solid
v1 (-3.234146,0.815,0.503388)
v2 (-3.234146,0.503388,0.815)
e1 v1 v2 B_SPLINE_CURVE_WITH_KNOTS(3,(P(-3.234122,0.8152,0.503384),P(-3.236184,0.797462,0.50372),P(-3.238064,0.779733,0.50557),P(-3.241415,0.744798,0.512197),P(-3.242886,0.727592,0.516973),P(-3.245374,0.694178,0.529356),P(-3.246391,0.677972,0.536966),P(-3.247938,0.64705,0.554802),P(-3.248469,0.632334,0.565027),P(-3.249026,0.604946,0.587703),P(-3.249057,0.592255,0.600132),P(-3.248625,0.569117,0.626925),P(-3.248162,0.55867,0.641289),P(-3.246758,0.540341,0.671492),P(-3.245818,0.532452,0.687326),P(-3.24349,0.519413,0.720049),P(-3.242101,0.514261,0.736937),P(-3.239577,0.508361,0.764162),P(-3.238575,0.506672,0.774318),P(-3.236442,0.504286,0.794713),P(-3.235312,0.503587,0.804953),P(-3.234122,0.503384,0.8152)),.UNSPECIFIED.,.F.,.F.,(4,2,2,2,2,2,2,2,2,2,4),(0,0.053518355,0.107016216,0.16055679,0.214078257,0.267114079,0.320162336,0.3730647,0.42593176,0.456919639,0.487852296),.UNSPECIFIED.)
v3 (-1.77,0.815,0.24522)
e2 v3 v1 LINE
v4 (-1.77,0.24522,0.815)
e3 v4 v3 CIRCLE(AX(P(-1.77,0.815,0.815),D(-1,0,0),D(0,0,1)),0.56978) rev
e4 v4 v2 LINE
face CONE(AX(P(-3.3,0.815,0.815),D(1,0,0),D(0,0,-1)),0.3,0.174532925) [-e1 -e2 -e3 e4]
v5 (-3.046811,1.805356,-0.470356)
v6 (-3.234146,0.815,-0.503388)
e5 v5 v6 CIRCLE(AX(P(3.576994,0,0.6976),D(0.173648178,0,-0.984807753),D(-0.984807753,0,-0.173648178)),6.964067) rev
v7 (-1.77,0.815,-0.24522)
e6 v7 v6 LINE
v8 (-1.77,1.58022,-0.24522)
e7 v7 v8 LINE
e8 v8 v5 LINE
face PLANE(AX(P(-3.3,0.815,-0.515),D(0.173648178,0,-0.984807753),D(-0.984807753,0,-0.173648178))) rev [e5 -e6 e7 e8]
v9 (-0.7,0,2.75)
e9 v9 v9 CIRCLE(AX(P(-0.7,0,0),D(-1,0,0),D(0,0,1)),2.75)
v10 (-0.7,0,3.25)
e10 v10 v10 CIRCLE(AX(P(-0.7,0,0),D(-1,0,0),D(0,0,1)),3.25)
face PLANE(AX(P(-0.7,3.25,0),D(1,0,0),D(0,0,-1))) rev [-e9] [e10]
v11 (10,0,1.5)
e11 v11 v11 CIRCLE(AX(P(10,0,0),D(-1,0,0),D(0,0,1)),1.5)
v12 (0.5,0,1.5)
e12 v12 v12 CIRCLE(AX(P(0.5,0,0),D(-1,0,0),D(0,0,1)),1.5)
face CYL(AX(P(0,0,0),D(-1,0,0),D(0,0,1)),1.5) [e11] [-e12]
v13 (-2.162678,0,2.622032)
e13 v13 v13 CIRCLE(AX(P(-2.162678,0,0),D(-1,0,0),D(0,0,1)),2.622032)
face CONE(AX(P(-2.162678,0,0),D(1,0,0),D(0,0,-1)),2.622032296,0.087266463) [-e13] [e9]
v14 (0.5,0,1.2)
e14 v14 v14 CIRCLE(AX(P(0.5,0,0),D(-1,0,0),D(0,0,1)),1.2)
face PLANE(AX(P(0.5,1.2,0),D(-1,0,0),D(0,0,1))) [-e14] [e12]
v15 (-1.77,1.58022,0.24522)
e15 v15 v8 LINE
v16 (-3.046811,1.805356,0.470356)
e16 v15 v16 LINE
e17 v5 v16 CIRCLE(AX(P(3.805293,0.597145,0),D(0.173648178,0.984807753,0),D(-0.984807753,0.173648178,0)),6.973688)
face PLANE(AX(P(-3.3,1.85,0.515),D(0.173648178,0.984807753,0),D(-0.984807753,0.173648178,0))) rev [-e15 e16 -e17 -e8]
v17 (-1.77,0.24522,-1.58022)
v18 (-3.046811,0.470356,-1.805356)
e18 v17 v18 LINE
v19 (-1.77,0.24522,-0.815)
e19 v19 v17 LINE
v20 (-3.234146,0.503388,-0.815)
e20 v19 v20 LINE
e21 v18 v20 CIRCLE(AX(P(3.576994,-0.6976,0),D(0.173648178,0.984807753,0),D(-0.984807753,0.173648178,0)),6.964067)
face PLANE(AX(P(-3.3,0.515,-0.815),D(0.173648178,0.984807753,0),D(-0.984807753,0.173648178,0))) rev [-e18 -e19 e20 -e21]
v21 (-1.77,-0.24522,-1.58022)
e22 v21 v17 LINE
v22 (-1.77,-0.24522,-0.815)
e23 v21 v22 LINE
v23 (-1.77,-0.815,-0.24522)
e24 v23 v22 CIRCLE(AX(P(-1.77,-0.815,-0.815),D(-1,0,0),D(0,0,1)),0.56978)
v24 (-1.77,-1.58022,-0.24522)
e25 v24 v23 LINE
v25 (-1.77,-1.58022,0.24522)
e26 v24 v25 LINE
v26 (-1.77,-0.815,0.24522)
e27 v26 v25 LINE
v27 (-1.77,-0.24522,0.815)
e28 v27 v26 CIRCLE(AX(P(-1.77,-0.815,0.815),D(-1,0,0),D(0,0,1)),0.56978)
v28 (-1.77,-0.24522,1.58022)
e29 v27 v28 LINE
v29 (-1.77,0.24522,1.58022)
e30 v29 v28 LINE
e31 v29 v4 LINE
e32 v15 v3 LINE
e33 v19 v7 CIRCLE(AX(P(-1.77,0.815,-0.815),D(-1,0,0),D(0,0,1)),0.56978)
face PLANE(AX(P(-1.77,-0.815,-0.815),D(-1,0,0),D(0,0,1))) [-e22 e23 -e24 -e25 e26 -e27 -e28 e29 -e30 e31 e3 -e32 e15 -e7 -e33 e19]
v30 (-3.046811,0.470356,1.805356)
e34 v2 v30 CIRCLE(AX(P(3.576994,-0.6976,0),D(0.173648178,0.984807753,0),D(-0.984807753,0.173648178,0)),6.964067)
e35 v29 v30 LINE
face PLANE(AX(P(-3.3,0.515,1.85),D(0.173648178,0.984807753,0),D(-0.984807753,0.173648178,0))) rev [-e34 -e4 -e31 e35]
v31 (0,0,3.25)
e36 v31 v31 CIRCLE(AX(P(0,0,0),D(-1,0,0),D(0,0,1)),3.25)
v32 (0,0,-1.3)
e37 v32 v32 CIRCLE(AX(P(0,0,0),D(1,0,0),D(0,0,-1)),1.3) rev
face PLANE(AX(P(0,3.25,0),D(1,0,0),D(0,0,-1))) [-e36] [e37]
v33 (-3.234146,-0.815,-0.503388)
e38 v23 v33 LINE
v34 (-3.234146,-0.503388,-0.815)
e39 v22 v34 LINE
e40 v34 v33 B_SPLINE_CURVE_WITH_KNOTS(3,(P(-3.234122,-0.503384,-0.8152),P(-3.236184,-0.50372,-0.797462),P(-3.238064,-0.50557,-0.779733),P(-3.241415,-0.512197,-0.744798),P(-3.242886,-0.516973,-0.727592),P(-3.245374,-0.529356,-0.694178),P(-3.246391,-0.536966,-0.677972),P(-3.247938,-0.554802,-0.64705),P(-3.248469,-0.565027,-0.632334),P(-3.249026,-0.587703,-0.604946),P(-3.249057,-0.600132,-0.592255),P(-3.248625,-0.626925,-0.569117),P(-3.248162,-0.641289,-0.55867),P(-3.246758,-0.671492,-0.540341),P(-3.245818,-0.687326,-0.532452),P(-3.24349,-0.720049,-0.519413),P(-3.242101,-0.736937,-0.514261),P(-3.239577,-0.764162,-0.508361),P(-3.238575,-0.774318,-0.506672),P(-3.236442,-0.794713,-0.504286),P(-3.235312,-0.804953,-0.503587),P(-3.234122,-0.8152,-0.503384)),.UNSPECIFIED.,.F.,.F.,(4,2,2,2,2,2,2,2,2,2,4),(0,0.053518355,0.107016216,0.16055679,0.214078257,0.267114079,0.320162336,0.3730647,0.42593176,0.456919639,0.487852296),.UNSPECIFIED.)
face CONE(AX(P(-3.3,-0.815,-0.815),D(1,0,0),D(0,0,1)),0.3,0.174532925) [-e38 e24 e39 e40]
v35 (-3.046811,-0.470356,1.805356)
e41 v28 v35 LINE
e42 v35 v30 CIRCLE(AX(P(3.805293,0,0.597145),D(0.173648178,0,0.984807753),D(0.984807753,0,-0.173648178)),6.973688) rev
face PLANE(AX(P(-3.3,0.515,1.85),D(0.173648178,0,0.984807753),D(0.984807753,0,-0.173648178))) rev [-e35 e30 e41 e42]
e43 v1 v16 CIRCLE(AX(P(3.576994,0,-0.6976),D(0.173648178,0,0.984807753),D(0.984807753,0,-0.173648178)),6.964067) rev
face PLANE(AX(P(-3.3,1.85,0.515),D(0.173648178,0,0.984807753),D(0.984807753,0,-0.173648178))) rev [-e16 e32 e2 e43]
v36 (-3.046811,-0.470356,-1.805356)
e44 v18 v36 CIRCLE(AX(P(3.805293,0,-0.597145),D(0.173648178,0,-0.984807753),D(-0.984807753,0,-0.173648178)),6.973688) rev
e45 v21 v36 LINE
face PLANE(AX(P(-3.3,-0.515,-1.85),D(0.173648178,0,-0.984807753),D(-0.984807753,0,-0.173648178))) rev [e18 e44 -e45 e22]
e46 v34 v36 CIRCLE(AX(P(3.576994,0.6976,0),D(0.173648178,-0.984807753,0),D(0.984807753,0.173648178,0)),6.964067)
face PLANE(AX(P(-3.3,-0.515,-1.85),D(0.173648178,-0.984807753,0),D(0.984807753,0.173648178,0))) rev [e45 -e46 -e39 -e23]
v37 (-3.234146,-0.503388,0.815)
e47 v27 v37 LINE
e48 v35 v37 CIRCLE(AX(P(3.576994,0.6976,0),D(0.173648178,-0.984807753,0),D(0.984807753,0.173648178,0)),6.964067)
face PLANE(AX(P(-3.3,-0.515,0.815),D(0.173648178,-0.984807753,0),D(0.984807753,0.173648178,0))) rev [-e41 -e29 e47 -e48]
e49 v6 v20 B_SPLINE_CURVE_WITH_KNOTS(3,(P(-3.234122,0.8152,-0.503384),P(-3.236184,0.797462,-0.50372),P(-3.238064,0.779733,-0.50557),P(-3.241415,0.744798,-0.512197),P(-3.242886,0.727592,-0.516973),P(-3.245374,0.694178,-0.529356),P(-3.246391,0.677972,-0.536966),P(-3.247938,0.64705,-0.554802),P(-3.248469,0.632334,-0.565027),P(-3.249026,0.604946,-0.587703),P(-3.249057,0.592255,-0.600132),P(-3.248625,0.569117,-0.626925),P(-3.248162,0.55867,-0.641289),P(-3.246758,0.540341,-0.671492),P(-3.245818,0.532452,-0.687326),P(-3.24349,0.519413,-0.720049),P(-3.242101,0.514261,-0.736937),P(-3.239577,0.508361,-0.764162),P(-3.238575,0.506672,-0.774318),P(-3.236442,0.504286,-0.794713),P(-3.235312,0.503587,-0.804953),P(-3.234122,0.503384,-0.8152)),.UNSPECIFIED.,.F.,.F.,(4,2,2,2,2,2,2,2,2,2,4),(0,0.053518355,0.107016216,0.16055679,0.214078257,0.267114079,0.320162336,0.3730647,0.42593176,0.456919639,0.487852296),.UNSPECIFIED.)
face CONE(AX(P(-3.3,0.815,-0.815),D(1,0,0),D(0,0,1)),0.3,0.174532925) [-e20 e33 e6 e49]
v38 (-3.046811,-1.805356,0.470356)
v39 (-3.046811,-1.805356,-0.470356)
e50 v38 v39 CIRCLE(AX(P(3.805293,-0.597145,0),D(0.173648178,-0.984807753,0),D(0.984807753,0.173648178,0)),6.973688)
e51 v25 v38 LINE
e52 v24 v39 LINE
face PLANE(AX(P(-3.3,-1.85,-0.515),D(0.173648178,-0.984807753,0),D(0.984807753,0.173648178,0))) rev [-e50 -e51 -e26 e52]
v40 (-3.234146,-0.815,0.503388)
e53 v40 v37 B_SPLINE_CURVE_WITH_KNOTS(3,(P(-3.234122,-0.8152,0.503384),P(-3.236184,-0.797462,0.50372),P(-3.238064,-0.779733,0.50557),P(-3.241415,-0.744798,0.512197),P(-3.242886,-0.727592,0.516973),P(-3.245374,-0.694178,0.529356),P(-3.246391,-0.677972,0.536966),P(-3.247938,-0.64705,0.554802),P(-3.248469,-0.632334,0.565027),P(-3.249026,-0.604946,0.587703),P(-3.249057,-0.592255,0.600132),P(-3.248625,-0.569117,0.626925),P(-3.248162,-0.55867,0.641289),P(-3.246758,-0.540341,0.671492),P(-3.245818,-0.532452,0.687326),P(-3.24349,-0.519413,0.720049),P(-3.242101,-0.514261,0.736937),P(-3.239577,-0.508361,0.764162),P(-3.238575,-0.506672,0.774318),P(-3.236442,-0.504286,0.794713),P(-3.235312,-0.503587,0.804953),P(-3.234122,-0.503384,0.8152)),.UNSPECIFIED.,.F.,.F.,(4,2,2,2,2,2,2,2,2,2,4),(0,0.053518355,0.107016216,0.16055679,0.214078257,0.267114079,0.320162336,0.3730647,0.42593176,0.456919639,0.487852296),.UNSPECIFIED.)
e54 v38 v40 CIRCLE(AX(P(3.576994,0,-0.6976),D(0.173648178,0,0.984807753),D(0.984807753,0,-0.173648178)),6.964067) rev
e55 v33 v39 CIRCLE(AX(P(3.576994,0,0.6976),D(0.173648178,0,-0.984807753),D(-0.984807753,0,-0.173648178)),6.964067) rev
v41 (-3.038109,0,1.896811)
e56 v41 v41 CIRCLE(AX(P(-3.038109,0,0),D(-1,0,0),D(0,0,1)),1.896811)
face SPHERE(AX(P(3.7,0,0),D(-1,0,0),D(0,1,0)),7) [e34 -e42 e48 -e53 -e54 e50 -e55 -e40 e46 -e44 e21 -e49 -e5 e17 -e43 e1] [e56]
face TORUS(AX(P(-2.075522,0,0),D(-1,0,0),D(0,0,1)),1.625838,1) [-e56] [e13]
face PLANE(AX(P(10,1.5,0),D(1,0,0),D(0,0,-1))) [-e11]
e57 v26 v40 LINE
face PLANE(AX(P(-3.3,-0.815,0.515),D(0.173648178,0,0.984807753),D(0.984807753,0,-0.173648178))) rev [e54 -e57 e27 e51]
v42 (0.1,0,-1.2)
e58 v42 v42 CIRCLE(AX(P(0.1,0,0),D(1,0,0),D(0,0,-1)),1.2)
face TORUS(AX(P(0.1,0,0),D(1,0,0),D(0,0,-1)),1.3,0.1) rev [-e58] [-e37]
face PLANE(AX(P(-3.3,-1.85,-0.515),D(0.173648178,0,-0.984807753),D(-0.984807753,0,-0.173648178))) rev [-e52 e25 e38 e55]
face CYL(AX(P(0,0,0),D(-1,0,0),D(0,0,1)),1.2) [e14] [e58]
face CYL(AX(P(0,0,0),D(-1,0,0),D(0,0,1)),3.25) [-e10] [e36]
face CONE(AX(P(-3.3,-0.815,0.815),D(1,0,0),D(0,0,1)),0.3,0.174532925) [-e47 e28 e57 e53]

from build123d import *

# Parameters (mm, degrees)
CUT_EXTRUDE_1_DEPTH = 1.53
CUT_EXTRUDE_1_TAPER = 10
FILLET_1_R          = 0.1


with BuildPart() as part:
    # ｽｹｯﾁ1 → Revolve 892 (revolve)
    with BuildSketch(Plane.XY):
        with BuildLine():
            Line((-2.162677546, 2.622032296), (-0.7, 2.75))
            Line((-0.7, 2.75), (-0.7, 3.25))
            Line((-0.7, 3.25), (0, 3.25))
            Line((0, 3.25), (0, 1.2))
            Line((0, 1.2), (0.5, 1.2))
            Line((0.5, 1.2), (0.5, 1.5))
            Line((0.5, 1.5), (10, 1.5))
            Line((10, 1.5), (10, 0))
            Line((10, 0), (-3.3, 0))
            ThreePointArc((-3.3, 0), (-3.234218103, 0.957402372), (-3.038108771, 1.896810531))
            ThreePointArc((-3.038108771, 1.896810531), (-2.713468973, 2.395917729), (-2.162677546, 2.622032296))
        make_face()
    revolve(axis=Axis((0, 0, 0), (1, 0, 0)))

    # ｽｹｯﾁ2 → ｶｯﾄ - 押し出し1 (cut)
    with BuildSketch(Plane(origin=(-3.3, 0, 0), x_dir=(0, 0, -1), z_dir=(1, 0, 0))):
        with BuildLine():
            Line((0.515, -1.85), (0.515, -0.815))
            ThreePointArc((0.515, -0.815), (0.602867966, -0.602867966), (0.815, -0.515))
            Line((0.815, -0.515), (1.85, -0.515))
            Line((1.85, -0.515), (1.85, 0.515))
            Line((1.85, 0.515), (0.815, 0.515))
            ThreePointArc((0.815, 0.515), (0.602867966, 0.602867966), (0.515, 0.815))
            Line((0.515, 0.815), (0.515, 1.85))
            Line((0.515, 1.85), (-0.515, 1.85))
            Line((-0.515, 1.85), (-0.515, 0.815))
            ThreePointArc((-0.515, 0.815), (-0.602867966, 0.602867966), (-0.815, 0.515))
            Line((-0.815, 0.515), (-1.85, 0.515))
            Line((-1.85, 0.515), (-1.85, -0.515))
            Line((-1.85, -0.515), (-0.815, -0.515))
            ThreePointArc((-0.815, -0.515), (-0.602867966, -0.602867966), (-0.515, -0.815))
            Line((-0.515, -0.815), (-0.515, -1.85))
            Line((-0.515, -1.85), (0.515, -1.85))
        make_face()
    extrude(amount=CUT_EXTRUDE_1_DEPTH, taper=CUT_EXTRUDE_1_TAPER, mode=Mode.SUBTRACT)

    # ﾌｨﾚｯﾄ1
    fillet_1_edges = [part.edges().sort_by_distance(p)[0] for p in [
        (0, -1.2, 0),
    ]]
    fillet(fillet_1_edges, radius=FILLET_1_R)


solid = part.part
